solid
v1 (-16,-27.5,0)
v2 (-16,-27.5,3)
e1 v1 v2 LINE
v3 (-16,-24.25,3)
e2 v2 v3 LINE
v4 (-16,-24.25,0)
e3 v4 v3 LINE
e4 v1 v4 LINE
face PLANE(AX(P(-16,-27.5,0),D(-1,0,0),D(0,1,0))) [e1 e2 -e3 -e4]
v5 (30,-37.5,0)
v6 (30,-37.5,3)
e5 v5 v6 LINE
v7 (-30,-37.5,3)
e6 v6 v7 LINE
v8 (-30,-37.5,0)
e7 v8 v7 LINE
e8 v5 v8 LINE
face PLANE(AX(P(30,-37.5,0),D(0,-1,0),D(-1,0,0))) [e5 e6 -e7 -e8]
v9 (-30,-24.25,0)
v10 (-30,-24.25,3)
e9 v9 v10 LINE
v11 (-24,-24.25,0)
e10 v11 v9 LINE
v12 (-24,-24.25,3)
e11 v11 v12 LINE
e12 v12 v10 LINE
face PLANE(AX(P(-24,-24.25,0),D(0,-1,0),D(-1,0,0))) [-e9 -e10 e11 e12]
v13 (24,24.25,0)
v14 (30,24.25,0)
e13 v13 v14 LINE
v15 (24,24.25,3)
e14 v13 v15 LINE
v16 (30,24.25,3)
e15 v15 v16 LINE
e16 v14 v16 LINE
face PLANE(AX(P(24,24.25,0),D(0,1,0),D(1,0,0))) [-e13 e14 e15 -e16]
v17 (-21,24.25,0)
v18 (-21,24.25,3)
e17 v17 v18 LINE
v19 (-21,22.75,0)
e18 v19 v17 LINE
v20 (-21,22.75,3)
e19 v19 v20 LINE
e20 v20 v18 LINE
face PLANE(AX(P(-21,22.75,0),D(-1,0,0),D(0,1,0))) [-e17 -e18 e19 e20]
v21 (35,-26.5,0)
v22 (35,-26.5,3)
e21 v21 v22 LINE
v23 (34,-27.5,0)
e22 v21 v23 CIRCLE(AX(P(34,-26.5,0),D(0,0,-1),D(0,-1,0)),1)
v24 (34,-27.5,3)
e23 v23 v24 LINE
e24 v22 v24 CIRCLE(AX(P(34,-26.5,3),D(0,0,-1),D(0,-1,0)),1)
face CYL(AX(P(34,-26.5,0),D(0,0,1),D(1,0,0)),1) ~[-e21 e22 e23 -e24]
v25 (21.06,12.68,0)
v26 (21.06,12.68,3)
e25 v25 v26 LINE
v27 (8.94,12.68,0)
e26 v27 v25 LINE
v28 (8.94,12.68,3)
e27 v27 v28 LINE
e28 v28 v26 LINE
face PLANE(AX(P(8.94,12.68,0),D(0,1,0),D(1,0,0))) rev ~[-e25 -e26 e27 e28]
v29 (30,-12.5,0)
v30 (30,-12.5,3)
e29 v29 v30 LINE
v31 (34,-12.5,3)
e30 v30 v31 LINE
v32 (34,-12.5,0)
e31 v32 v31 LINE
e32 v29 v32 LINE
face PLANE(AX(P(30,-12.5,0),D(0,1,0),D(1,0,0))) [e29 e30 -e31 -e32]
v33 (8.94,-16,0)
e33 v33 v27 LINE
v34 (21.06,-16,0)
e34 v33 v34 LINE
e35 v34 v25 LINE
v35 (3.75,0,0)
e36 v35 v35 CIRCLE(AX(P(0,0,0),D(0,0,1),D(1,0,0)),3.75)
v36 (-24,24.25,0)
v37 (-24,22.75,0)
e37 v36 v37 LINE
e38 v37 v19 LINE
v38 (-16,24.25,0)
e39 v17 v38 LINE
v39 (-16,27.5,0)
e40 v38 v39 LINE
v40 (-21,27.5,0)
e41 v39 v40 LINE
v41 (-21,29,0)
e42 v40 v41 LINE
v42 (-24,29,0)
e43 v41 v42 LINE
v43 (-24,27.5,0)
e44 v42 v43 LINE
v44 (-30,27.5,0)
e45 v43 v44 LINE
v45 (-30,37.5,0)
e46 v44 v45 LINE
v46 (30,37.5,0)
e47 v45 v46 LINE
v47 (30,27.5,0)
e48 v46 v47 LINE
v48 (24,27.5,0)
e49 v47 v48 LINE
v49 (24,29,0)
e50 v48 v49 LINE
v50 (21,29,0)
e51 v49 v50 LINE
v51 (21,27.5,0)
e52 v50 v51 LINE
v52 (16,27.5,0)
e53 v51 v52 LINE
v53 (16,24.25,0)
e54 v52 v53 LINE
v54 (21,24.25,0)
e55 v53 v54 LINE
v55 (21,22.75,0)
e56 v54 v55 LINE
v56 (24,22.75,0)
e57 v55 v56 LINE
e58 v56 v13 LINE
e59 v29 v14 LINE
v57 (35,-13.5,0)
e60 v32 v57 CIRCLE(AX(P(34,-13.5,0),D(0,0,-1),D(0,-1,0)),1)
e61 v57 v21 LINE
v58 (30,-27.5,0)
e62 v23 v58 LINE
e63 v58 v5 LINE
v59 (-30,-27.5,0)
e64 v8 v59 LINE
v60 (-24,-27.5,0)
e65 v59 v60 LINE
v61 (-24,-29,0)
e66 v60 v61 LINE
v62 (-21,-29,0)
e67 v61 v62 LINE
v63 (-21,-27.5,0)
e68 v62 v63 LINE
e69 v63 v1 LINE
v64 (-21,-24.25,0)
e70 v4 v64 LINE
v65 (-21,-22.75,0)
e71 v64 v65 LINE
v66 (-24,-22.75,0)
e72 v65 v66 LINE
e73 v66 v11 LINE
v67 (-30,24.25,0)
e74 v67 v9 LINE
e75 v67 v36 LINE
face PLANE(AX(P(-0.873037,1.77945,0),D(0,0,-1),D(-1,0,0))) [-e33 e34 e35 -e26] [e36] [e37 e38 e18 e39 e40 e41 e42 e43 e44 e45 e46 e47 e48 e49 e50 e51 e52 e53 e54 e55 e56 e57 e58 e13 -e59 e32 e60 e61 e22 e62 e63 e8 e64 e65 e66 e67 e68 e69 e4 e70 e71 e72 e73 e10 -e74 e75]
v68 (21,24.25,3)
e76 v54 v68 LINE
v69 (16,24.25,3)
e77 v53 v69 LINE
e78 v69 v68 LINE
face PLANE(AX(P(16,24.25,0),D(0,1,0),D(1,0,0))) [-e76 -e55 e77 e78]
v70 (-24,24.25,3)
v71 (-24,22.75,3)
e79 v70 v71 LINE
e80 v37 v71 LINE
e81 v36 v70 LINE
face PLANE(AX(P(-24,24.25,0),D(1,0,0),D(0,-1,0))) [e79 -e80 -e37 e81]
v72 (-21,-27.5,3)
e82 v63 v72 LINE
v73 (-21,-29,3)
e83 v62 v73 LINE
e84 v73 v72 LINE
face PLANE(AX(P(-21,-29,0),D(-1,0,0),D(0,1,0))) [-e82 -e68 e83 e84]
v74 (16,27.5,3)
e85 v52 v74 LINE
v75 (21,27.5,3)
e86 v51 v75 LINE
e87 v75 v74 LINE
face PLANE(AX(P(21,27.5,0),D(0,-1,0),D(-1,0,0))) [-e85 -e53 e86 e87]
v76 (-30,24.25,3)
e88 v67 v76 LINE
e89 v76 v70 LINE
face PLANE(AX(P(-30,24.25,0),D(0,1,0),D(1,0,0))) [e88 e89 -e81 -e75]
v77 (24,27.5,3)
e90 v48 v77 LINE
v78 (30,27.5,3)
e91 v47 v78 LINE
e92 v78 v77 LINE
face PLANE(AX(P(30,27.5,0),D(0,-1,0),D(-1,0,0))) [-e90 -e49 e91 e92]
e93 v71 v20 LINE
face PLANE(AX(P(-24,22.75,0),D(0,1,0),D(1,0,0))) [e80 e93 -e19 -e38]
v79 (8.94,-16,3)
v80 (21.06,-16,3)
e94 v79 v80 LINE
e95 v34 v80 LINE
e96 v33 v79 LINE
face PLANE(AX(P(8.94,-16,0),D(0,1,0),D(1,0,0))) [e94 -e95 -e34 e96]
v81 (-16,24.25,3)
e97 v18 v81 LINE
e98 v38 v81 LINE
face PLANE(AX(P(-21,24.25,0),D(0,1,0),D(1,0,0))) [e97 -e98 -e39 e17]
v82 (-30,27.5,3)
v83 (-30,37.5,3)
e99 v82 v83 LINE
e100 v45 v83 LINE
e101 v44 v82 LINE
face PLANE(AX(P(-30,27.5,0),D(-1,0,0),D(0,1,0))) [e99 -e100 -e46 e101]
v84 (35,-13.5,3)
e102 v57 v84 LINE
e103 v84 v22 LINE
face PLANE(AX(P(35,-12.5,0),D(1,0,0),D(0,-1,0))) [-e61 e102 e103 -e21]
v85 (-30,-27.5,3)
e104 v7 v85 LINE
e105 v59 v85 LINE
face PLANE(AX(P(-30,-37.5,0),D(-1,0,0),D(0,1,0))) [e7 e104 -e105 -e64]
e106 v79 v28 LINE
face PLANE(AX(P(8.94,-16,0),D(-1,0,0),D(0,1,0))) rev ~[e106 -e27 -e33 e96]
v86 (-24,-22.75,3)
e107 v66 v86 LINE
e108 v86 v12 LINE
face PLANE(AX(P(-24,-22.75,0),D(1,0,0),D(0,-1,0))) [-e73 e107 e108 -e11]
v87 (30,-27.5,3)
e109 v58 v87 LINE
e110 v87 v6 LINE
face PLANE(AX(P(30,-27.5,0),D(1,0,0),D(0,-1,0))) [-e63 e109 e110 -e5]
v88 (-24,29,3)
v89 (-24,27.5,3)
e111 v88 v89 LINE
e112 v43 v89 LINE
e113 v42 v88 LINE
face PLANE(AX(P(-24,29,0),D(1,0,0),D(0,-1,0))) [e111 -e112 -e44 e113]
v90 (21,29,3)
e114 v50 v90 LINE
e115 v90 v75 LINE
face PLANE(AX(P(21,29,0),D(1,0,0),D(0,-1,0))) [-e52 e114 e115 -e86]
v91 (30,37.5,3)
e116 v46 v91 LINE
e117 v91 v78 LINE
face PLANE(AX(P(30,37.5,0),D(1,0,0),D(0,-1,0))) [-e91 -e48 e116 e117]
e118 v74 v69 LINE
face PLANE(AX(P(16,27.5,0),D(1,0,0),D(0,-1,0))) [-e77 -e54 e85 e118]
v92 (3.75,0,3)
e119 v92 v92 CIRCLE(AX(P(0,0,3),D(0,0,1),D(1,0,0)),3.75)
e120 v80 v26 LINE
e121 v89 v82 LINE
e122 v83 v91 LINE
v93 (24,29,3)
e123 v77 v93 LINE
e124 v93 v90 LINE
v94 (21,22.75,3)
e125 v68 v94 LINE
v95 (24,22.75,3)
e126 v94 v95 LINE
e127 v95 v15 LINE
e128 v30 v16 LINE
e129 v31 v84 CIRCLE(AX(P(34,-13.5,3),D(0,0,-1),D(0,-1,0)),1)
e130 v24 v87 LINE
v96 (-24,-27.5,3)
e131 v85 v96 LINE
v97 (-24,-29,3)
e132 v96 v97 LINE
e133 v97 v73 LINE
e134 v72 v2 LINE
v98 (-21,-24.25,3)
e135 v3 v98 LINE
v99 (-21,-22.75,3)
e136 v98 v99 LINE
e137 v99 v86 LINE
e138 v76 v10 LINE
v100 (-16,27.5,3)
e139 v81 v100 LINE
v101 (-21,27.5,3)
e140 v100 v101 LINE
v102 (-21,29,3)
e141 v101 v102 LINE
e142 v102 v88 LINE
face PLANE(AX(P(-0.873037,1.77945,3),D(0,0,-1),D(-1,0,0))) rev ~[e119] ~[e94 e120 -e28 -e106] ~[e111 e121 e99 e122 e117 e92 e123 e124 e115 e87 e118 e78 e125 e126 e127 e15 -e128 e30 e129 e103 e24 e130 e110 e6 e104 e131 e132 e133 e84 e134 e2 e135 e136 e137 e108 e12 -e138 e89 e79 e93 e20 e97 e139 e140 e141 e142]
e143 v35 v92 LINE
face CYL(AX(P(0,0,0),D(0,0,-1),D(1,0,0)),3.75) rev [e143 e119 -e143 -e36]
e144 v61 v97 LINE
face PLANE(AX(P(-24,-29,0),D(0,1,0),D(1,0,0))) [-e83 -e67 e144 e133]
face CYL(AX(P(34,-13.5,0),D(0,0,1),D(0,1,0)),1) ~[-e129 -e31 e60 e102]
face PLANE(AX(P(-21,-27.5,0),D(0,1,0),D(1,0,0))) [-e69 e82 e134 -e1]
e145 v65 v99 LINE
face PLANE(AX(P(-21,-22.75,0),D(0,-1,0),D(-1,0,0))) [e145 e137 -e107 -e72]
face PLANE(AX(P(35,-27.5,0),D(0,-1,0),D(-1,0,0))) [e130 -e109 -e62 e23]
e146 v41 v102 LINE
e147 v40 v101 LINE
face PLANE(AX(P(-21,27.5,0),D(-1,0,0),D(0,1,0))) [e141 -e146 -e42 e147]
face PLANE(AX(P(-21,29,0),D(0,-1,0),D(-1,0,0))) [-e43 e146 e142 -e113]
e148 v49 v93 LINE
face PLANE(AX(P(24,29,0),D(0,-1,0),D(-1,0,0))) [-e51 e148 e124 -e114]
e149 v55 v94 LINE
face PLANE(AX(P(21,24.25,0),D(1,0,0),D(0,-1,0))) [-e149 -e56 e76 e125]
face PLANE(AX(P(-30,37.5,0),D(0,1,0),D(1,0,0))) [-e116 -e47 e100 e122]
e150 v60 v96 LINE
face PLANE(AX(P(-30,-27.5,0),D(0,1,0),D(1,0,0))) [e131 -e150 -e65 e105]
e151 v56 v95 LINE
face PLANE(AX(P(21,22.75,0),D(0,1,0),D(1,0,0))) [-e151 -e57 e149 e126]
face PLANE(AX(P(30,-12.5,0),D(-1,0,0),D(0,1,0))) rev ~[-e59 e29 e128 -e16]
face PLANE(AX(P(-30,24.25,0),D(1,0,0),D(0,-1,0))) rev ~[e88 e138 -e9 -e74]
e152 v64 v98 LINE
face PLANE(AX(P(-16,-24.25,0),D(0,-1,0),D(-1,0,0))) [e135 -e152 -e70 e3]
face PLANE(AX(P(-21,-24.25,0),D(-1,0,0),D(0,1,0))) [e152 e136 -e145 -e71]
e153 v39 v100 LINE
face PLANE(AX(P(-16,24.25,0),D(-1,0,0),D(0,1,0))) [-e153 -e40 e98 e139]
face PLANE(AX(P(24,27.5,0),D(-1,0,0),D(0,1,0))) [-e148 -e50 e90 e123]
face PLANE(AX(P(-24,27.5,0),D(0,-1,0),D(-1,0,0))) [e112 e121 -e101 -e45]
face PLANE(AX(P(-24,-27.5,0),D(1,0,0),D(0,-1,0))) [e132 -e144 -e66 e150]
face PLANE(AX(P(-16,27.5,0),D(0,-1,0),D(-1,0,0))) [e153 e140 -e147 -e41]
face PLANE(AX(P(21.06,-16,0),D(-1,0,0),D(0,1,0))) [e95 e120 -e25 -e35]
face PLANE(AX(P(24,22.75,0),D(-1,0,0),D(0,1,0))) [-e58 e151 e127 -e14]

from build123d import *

# Parameters (mm, degrees)
ESQUISSE1_R        = 3.75
ESQUISSE1_W        = 12.12
ESQUISSE1_H        = 28.68
BOSS_EXTRU_1_DEPTH = 3
CONG_3_R           = 1


with BuildPart() as part:
    # Esquisse1 → Boss.-Extru.1 (new body)
    with BuildSketch(Plane.XY):
        Polygon((-30, 37.5), (30, 37.5), (30, 27.5), (24, 27.5), (24, 29), (21, 29), (21, 27.5), (16, 27.5), (16, 24.25), (21, 24.25), (21, 22.75), (24, 22.75), (24, 24.25), (30, 24.25), (30, 12.5), (30, -12.5), (35, -12.5), (35, -27.5), (30, -27.5), (30, -37.5), (-30, -37.5), (-30, -27.5), (-24, -27.5), (-24, -29), (-21, -29), (-21, -27.5), (-16, -27.5), (-16, -24.25), (-21, -24.25), (-21, -22.75), (-24, -22.75), (-24, -24.25), (-30, -24.25), (-30, -12.5), (-30, 12.5), (-30, 24.25), (-24, 24.25), (-24, 22.75), (-21, 22.75), (-21, 24.25), (-16, 24.25), (-16, 27.5), (-21, 27.5), (-21, 29), (-24, 29), (-24, 27.5), (-30, 27.5), align=None)
        Circle(ESQUISSE1_R, mode=Mode.SUBTRACT)
        with Locations((15, -1.66)):
            Rectangle(ESQUISSE1_W, ESQUISSE1_H, mode=Mode.SUBTRACT)
    extrude(amount=BOSS_EXTRU_1_DEPTH)

    # Congé3
    cong_3_edges = [part.edges().sort_by_distance(p)[0] for p in [
        (35, -12.5, 1.5),
        (35, -27.5, 1.5),
    ]]
    fillet(cong_3_edges, radius=CONG_3_R)


solid = part.part
